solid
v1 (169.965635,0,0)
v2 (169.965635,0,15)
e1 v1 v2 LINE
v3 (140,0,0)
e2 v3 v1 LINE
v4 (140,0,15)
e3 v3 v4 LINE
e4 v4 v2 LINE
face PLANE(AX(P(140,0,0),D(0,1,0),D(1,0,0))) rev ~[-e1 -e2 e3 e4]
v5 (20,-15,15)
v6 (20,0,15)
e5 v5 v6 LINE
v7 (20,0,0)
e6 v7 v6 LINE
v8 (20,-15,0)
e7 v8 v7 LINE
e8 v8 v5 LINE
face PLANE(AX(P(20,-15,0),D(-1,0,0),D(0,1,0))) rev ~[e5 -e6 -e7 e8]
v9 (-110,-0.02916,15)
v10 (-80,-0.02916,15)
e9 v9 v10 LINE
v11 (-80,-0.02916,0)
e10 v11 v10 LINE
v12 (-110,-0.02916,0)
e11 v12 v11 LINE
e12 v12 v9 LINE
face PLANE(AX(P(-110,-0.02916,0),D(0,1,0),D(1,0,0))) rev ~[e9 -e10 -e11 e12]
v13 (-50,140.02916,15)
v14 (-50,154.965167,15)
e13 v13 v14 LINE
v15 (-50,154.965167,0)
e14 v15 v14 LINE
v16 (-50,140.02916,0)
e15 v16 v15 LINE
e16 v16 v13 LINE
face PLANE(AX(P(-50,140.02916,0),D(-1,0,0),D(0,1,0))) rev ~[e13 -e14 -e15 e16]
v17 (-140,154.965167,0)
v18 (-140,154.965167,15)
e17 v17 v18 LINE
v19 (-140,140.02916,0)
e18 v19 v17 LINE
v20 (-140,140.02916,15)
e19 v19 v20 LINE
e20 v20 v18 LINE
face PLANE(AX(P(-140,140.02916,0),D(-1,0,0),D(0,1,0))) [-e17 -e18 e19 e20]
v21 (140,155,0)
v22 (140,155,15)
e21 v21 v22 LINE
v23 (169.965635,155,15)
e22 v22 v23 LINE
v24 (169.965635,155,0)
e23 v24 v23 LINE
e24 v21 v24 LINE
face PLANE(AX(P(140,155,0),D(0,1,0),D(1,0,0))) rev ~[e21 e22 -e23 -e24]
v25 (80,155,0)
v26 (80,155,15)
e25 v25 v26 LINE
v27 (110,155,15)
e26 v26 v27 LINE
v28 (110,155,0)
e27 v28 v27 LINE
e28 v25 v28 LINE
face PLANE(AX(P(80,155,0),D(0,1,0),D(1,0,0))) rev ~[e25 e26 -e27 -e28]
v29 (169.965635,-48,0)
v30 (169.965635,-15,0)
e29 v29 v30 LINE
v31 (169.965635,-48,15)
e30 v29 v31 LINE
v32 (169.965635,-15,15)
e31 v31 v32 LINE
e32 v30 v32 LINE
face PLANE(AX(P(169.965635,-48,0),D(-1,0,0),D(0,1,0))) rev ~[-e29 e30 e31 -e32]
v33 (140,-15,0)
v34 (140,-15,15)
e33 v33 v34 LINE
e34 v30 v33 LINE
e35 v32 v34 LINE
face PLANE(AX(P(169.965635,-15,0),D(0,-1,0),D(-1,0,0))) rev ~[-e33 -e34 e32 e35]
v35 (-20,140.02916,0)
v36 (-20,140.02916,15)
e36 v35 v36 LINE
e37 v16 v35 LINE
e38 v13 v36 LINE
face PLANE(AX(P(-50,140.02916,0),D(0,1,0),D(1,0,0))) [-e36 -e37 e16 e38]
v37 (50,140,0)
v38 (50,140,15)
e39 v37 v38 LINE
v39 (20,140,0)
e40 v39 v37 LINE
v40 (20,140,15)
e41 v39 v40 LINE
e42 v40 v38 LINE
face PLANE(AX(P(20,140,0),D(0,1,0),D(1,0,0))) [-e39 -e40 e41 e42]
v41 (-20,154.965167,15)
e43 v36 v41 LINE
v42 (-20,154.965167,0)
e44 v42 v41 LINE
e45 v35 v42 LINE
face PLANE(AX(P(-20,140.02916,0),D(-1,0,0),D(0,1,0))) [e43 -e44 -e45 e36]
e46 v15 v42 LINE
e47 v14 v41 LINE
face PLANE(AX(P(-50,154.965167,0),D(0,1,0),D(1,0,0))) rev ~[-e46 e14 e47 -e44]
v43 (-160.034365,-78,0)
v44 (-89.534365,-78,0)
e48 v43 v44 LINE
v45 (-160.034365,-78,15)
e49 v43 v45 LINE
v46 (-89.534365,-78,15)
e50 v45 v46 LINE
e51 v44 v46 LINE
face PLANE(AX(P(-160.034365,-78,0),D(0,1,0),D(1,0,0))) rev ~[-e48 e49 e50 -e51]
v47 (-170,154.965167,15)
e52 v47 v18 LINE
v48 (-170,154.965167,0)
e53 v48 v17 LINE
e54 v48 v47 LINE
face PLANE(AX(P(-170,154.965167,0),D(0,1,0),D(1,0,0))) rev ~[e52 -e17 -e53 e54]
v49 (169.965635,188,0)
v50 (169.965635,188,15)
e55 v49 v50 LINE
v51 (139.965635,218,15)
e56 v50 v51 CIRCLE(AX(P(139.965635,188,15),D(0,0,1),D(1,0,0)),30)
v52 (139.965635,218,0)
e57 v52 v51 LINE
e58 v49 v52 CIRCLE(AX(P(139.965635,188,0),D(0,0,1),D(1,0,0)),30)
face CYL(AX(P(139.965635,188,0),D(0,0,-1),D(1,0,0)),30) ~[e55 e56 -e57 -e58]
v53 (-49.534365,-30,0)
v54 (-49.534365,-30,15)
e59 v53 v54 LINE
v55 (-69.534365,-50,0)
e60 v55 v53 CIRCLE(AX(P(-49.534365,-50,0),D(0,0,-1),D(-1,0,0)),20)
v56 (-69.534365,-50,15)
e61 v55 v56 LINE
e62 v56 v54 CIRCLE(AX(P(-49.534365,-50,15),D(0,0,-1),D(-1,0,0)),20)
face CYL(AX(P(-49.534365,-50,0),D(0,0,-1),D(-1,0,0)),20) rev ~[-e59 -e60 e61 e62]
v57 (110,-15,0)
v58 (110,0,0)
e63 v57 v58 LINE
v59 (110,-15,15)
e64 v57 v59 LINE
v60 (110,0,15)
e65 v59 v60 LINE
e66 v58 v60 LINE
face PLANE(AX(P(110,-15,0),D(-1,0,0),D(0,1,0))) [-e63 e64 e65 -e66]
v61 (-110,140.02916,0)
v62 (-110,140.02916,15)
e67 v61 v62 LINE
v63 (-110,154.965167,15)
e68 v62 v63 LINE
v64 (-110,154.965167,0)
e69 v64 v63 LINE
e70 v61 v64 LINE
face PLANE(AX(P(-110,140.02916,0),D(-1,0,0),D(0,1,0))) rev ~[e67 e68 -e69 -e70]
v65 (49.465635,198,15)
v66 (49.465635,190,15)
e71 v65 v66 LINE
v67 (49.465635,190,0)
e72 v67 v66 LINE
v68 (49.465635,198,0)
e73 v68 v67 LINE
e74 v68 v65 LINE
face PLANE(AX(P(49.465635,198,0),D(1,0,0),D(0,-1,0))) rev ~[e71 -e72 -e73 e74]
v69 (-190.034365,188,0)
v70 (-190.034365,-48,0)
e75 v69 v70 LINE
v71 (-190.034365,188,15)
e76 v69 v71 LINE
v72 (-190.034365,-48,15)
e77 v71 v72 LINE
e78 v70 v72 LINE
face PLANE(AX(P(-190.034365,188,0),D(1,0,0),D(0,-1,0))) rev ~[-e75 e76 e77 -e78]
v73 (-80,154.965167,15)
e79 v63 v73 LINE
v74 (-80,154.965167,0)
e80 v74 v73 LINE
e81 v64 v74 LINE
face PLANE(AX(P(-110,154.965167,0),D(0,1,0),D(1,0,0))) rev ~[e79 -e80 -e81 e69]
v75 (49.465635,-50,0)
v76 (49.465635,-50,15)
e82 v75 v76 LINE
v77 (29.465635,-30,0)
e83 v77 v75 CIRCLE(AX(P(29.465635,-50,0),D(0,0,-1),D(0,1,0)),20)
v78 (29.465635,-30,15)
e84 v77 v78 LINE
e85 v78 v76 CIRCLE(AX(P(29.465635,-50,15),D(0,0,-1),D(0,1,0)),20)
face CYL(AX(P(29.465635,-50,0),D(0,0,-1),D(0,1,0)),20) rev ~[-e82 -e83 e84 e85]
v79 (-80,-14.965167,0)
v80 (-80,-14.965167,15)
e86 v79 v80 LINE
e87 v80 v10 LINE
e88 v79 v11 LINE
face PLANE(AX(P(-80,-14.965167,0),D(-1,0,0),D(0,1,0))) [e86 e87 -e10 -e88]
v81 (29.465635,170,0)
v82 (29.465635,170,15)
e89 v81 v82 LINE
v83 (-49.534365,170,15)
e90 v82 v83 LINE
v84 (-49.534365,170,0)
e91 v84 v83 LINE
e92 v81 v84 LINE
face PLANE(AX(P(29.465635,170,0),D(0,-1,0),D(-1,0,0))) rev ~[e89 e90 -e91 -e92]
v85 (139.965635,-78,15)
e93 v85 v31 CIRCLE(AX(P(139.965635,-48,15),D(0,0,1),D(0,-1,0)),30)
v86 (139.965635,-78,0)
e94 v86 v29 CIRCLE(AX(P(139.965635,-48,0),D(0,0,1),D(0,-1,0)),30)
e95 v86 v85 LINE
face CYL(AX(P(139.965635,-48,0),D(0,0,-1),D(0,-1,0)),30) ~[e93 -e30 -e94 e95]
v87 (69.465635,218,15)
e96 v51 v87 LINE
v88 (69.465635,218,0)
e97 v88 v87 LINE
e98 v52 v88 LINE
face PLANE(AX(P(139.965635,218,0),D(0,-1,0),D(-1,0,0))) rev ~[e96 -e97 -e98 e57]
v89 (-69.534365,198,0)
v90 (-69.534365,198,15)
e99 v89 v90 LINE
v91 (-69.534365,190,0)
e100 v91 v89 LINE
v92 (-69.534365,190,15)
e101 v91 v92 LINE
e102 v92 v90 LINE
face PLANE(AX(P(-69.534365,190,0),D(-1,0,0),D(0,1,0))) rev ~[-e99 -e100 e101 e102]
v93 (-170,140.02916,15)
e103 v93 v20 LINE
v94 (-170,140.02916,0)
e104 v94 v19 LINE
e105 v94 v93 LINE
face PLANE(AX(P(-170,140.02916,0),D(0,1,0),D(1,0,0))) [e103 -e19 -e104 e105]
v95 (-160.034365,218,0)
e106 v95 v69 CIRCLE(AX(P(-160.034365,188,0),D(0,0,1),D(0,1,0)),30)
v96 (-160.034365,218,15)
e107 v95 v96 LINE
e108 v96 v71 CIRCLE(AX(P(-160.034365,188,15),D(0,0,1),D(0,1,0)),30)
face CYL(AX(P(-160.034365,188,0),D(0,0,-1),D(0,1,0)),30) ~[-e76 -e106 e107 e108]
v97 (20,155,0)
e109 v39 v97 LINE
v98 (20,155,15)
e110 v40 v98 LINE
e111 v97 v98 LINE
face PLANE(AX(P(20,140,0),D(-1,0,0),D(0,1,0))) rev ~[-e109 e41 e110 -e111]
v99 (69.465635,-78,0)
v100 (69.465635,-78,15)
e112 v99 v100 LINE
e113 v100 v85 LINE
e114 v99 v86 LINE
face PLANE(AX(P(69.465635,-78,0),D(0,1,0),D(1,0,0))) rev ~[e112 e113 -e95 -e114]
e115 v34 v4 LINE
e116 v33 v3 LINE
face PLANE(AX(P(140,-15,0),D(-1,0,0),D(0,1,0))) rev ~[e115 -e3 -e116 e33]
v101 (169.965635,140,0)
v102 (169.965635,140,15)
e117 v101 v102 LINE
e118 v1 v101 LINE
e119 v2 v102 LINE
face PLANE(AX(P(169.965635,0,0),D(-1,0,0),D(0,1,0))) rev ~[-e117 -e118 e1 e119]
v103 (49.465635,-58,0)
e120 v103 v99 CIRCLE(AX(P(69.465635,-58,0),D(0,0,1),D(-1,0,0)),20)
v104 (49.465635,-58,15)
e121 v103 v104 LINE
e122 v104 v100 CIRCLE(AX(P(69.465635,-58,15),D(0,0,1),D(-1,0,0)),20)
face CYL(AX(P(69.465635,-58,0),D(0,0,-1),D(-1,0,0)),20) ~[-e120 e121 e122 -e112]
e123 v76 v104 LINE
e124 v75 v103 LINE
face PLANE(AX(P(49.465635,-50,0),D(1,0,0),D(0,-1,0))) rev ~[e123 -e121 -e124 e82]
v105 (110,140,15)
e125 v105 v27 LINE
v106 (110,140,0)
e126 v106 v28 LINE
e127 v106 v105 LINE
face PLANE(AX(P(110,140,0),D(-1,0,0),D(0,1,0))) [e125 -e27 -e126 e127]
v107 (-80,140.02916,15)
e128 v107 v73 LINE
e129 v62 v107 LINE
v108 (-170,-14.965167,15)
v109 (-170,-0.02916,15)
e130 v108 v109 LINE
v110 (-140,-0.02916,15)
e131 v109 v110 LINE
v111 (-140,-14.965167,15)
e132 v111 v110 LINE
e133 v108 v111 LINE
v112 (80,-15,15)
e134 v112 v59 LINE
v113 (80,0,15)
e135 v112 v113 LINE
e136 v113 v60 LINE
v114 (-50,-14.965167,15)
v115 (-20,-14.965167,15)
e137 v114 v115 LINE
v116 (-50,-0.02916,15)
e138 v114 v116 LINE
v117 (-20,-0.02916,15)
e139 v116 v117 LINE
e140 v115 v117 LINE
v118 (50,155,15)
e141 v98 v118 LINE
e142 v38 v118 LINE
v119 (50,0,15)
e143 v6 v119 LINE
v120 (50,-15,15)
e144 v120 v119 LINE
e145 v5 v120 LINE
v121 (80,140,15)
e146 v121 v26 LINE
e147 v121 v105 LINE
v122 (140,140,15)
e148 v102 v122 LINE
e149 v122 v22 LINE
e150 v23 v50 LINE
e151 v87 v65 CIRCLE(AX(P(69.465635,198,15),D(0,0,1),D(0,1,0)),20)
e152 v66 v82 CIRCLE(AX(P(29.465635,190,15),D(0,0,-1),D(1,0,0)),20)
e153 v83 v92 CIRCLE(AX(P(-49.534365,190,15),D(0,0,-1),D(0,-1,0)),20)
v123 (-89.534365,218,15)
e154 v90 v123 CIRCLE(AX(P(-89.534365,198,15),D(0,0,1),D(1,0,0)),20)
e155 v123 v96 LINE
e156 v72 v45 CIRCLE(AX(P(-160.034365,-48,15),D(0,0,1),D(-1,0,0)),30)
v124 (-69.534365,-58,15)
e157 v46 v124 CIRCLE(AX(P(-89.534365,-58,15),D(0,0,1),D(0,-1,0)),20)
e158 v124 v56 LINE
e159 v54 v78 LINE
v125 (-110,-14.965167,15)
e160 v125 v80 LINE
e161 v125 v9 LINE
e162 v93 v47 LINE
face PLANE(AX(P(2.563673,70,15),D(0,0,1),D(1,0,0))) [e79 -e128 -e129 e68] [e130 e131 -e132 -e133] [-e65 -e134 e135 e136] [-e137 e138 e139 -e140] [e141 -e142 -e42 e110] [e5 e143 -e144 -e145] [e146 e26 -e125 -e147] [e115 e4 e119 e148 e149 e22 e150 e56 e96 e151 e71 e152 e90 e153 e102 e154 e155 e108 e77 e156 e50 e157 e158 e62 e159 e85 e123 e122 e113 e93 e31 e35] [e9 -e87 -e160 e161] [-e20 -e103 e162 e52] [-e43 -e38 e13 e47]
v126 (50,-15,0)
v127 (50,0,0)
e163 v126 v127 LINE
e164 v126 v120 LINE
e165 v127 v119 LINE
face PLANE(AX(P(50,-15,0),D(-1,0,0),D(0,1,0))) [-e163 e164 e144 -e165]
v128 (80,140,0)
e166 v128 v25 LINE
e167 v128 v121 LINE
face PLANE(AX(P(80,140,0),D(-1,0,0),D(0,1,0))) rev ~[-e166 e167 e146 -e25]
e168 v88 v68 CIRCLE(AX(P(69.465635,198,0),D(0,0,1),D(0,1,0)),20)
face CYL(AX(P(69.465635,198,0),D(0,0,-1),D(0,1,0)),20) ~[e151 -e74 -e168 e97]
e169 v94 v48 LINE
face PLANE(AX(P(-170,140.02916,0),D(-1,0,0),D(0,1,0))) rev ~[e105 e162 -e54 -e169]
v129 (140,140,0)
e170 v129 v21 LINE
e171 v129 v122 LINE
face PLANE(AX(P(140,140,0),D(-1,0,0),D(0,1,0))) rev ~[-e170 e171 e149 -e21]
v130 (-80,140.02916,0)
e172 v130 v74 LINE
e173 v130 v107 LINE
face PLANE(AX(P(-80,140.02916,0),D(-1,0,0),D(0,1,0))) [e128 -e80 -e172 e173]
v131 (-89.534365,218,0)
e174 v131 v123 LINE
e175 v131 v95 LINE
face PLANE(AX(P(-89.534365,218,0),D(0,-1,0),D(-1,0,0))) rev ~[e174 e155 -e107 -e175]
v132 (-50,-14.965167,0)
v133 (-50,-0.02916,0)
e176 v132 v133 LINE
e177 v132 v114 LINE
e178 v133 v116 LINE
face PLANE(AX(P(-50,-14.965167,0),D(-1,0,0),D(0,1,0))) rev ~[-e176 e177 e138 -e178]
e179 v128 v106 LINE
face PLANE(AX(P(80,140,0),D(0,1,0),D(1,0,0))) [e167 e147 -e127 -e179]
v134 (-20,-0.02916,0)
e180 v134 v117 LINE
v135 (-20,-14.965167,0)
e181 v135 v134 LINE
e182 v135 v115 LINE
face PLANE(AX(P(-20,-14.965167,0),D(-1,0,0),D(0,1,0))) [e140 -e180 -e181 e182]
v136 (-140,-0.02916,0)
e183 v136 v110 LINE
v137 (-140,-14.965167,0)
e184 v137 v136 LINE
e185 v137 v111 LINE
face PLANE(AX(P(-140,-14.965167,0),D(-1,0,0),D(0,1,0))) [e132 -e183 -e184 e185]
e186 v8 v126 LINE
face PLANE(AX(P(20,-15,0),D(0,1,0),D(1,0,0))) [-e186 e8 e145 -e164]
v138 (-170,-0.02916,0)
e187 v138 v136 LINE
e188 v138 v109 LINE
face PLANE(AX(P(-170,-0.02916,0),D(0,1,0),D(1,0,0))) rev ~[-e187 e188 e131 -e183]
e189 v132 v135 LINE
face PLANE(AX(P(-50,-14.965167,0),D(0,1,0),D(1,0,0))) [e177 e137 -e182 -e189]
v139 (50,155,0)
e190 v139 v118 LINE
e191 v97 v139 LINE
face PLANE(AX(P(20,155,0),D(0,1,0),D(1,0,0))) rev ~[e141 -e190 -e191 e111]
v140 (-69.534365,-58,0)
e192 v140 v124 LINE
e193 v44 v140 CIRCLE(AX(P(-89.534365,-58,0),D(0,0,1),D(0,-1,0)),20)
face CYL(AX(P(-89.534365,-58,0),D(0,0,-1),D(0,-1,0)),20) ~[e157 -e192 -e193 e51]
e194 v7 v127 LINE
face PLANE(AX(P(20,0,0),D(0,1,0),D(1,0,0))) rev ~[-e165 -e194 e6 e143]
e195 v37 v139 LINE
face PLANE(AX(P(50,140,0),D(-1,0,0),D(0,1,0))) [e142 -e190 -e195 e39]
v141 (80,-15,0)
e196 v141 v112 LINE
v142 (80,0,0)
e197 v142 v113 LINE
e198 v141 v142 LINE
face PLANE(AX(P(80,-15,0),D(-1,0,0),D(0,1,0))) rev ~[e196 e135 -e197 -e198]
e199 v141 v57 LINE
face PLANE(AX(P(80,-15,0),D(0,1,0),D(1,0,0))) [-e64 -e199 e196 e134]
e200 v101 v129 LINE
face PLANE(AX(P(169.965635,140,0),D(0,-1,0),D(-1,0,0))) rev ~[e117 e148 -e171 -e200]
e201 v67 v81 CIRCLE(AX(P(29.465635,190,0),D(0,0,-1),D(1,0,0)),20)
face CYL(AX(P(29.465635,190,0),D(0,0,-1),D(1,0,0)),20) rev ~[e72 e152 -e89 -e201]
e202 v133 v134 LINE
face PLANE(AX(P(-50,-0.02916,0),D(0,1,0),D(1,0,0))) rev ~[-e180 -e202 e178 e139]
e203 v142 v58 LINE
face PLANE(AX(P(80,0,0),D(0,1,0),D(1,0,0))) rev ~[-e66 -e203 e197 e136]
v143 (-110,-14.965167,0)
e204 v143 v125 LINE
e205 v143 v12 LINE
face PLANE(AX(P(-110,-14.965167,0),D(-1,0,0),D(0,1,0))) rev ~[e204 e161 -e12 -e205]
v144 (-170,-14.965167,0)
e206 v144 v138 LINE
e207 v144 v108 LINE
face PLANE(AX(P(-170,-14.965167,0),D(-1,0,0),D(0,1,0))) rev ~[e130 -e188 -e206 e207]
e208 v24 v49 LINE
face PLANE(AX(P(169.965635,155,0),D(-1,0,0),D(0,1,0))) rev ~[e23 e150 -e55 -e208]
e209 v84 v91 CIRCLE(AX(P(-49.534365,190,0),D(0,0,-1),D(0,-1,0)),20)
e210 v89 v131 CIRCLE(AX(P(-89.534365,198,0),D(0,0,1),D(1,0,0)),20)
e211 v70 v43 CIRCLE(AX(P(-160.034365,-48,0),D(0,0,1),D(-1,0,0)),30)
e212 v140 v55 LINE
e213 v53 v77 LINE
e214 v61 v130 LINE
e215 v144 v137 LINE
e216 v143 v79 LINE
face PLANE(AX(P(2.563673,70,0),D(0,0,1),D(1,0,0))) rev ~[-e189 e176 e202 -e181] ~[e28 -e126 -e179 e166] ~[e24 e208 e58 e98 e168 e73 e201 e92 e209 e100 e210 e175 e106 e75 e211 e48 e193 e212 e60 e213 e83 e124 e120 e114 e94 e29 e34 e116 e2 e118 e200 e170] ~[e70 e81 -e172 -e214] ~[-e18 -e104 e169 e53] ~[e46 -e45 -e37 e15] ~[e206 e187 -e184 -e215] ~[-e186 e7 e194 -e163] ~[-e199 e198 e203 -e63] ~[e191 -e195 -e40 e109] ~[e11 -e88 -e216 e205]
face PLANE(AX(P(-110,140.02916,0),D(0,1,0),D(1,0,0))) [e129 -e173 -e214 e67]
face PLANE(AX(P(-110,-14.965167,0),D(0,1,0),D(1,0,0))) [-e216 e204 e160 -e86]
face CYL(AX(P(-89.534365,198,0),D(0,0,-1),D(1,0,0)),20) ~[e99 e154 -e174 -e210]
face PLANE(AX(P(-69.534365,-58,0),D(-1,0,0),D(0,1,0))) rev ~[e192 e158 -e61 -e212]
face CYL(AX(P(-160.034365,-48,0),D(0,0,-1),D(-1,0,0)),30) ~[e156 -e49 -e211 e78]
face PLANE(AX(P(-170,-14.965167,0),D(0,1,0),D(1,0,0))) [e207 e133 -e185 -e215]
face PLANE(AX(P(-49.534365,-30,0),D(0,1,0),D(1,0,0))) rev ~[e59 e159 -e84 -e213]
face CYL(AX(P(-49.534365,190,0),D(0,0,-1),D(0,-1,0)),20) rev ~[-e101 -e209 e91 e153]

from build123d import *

# Parameters (mm, degrees)
SKETCH1_W           = 30
SKETCH1_H           = 14.936006603
SKETCH1_H_2         = 15
BOSS_EXTRUDE1_DEPTH = 15


with BuildPart() as part:
    # Sketch1 → Boss-Extrude1 (new body)
    with BuildSketch(Plane.XY):
        with BuildLine():
            Line((169.965634662, 155), (169.965634662, 188))
            ThreePointArc((169.965634662, 188), (161.178838098, 209.213203436), (139.965634662, 218))
            Line((139.965634662, 218), (69.465634662, 218))
            ThreePointArc((69.465634662, 218), (55.323499038, 212.142135624), (49.465634662, 198))
            Line((49.465634662, 198), (49.465634662, 190))
            ThreePointArc((49.465634662, 190), (43.607770286, 175.857864376), (29.465634662, 170))
            Line((29.465634662, 170), (-49.534365338, 170))
            ThreePointArc((-49.534365338, 170), (-63.676500962, 175.857864376), (-69.534365338, 190))
            Line((-69.534365338, 190), (-69.534365338, 198))
            ThreePointArc((-69.534365338, 198), (-75.392229714, 212.142135624), (-89.534365338, 218))
            Line((-89.534365338, 218), (-160.034365338, 218))
            ThreePointArc((-160.034365338, 218), (-181.247568774, 209.213203436), (-190.034365338, 188))
            Line((-190.034365338, 188), (-190.034365338, -48))
            ThreePointArc((-190.034365338, -48), (-181.247568774, -69.213203436), (-160.034365338, -78))
            Line((-160.034365338, -78), (-89.534365338, -78))
            ThreePointArc((-89.534365338, -78), (-75.392229714, -72.142135624), (-69.534365338, -58))
            Line((-69.534365338, -58), (-69.534365338, -50))
            ThreePointArc((-69.534365338, -50), (-63.676500962, -35.857864376), (-49.534365338, -30))
            Line((-49.534365338, -30), (29.465634662, -30))
            ThreePointArc((29.465634662, -30), (43.607770286, -35.857864376), (49.465634662, -50))
            Line((49.465634662, -50), (49.465634662, -58))
            ThreePointArc((49.465634662, -58), (55.323499038, -72.142135624), (69.465634662, -78))
            Line((69.465634662, -78), (139.965634662, -78))
            ThreePointArc((139.965634662, -78), (161.178838098, -69.213203436), (169.965634662, -48))
            Line((169.965634662, -48), (169.965634662, -15))
            Line((169.965634662, -15), (140, -15))
            Line((140, -15), (140, 0))
            Line((140, 0), (169.965634662, 0))
            Line((169.965634662, 0), (169.965634662, 140))
            Line((169.965634662, 140), (140, 140))
            Line((140, 140), (140, 155))
            Line((140, 155), (169.965634662, 155))
        make_face()
        with Locations((-155, -7.497163522)):
            Rectangle(SKETCH1_W, SKETCH1_H, mode=Mode.SUBTRACT)
        with Locations((-95, -7.497163522)):
            Rectangle(SKETCH1_W, SKETCH1_H, mode=Mode.SUBTRACT)
        with Locations((-35, -7.497163522)):
            Rectangle(SKETCH1_W, SKETCH1_H, mode=Mode.SUBTRACT)
        with Locations((35, -7.5)):
            Rectangle(SKETCH1_W, SKETCH1_H_2, mode=Mode.SUBTRACT)
        with Locations((95, -7.5)):
            Rectangle(SKETCH1_W, SKETCH1_H_2, mode=Mode.SUBTRACT)
        with Locations((-155, 147.497163521)):
            Rectangle(SKETCH1_W, SKETCH1_H, mode=Mode.SUBTRACT)
        with Locations((-95, 147.497163521)):
            Rectangle(SKETCH1_W, SKETCH1_H, mode=Mode.SUBTRACT)
        with Locations((-35, 147.497163521)):
            Rectangle(SKETCH1_W, SKETCH1_H, mode=Mode.SUBTRACT)
        with Locations((35, 147.5)):
            Rectangle(SKETCH1_W, SKETCH1_H_2, mode=Mode.SUBTRACT)
        with Locations((95, 147.5)):
            Rectangle(SKETCH1_W, SKETCH1_H_2, mode=Mode.SUBTRACT)
    extrude(amount=BOSS_EXTRUDE1_DEPTH)


solid = part.part
